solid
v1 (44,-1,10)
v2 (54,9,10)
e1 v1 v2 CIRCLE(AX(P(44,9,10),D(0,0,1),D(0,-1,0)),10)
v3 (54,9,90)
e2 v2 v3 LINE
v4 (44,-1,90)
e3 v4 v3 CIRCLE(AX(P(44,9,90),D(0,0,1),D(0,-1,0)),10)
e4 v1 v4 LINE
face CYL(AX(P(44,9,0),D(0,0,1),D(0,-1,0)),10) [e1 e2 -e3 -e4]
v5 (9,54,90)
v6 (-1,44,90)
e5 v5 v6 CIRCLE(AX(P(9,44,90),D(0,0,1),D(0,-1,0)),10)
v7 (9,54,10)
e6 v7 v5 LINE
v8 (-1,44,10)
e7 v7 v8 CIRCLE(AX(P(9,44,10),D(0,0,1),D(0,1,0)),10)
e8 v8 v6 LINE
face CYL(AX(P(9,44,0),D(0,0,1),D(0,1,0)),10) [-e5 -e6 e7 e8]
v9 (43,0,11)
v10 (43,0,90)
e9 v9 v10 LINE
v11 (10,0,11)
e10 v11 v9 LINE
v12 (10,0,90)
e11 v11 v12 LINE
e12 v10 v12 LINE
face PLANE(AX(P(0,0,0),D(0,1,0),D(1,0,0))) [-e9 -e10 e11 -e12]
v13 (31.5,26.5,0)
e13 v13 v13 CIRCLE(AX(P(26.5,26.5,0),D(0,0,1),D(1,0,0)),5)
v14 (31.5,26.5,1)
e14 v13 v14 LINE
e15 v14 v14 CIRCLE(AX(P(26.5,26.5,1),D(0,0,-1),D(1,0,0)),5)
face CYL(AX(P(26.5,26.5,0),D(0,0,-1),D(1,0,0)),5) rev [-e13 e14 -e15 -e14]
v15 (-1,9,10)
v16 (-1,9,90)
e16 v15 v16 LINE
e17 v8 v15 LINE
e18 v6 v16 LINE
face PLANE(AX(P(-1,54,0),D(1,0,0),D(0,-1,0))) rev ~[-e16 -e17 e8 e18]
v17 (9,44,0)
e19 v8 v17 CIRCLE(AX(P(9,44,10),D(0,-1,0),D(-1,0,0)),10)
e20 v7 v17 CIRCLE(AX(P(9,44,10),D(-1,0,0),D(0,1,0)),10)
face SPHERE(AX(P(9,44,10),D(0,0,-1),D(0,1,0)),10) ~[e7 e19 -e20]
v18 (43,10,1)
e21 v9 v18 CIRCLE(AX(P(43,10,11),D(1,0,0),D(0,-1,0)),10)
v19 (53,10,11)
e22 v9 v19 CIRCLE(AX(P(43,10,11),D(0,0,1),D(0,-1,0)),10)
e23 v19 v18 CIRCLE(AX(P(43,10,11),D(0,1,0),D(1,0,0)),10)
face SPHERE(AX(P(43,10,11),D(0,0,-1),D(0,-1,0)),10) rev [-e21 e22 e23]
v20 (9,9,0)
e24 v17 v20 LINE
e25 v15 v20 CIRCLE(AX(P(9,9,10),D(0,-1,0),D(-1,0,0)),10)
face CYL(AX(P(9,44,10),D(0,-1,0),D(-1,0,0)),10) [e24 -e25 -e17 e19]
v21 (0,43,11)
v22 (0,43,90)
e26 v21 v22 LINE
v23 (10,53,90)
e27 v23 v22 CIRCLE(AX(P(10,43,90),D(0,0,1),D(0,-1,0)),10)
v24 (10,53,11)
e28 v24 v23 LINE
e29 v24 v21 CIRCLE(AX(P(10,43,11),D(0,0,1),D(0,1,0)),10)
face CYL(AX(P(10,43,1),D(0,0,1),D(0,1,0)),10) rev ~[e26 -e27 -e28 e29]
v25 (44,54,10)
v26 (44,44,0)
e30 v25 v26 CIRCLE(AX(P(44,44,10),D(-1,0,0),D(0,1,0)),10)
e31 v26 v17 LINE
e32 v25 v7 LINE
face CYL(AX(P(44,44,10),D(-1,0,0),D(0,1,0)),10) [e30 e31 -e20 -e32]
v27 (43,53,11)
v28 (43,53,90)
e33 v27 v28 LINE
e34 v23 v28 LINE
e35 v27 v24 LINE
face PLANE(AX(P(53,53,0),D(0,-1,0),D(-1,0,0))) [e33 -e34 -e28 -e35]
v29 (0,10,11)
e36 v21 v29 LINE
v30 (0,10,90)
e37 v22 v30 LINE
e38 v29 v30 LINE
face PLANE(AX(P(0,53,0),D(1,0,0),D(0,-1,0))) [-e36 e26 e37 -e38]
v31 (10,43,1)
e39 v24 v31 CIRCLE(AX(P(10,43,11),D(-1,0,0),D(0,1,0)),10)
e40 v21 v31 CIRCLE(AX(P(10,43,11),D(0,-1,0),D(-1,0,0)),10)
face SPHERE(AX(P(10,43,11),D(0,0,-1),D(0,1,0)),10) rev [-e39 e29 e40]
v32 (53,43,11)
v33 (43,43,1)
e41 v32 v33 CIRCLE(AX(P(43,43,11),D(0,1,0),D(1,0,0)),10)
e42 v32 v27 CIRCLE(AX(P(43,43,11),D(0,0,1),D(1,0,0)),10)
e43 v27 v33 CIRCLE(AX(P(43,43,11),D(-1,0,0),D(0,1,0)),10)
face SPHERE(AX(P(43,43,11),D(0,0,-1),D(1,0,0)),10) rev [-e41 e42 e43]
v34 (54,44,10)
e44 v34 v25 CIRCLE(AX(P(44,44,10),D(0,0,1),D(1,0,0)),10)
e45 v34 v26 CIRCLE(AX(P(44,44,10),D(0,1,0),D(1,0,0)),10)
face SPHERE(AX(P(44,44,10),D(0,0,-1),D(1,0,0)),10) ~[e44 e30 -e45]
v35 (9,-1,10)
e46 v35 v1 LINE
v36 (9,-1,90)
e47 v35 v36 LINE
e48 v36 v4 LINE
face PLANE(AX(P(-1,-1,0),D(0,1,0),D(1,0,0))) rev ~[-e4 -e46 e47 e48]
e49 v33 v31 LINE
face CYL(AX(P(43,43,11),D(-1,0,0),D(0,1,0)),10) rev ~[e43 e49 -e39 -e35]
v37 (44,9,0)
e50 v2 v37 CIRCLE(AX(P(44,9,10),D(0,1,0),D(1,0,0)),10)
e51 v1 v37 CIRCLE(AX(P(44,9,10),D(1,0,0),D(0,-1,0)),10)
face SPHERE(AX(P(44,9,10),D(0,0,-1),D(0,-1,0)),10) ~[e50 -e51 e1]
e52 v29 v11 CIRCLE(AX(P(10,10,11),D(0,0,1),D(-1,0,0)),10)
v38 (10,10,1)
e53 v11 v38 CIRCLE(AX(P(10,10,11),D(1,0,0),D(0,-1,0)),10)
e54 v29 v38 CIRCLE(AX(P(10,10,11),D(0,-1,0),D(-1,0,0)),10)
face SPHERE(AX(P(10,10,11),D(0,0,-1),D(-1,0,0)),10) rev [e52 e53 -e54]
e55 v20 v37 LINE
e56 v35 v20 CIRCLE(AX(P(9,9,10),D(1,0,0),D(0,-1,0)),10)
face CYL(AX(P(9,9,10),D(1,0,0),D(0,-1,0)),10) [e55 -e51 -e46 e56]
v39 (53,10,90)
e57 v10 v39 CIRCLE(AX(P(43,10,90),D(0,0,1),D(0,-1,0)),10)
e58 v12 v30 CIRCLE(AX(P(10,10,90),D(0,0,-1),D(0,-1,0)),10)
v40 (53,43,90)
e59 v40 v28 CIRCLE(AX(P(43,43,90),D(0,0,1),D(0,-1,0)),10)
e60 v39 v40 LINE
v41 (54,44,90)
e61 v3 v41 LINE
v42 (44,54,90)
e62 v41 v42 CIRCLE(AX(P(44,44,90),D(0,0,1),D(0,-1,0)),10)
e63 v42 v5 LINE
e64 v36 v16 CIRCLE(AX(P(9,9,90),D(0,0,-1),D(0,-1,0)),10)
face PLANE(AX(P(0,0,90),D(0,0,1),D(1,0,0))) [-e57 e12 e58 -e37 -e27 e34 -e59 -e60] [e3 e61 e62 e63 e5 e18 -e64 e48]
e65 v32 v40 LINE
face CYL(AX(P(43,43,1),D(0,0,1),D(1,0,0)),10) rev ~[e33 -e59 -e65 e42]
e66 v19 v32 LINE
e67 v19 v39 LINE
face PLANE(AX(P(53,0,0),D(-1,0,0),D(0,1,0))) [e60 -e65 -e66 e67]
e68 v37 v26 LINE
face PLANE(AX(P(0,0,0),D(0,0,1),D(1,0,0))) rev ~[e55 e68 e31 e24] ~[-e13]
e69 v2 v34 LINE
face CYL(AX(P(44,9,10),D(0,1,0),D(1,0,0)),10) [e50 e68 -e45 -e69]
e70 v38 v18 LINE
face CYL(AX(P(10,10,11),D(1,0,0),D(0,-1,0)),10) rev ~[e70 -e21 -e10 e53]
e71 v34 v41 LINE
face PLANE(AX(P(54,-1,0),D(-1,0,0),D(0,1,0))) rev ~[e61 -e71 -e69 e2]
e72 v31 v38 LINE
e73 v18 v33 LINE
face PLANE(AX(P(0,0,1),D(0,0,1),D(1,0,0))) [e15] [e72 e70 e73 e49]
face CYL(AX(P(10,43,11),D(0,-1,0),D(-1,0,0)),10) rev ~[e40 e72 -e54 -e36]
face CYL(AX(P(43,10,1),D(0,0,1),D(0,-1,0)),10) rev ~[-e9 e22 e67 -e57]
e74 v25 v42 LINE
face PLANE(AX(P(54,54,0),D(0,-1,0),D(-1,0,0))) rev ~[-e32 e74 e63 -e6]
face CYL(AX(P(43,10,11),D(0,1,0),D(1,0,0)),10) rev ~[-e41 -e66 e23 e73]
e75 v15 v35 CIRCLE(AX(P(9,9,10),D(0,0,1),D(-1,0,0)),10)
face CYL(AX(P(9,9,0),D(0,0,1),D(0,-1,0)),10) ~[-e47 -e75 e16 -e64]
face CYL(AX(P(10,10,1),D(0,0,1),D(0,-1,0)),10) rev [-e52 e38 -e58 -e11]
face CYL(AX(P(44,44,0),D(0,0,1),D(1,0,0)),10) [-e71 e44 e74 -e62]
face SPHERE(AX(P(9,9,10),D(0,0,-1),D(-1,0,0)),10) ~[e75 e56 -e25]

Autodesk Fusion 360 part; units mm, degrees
sketch "Esquisse1" plane through (0, 0, 0) normal (0, 0, 1) x (1, 0, 0)
  line L0 (0, 0) -> (53, 0)
  line L1 (53, 0) -> (53, 53)
  line L2 (53, 53) -> (0, 53)
  line L3 (0, 53) -> (0, 0)
  line L4 (54, -1) -> (54, 54)
  line L5 (54, 54) -> (-1, 54)
  line L6 (-1, 54) -> (-1, -1)
  line L7 (-1, -1) -> (54, -1)
  line L8 (26.5, 53) -> (26.5, 0)
  circle A0 centre (26.5, 26.5) radius 5
  dimension "d4" = 53
  dimension "d5" = 53
  dimension "d6" = 1
  dimension "d20" = 10
extrude "Extrusion1" add sketch "Esquisse1" along normal blind 90
extrude "Extrusion2" add sketch "Esquisse1" along normal blind 1 contours L0 L2 L3 L8 A0 | L0 L1 L2 L8 A0 | L8 A0 | L8 A0
fillet "Congé1" radius 10 4 edges at (0, 53, 45.5) (53, 53, 45.5) (53, 0, 45.5) (0, 0, 45.5)
fillet "Congé2" radius 10 8 edges at (50.0711, 50.0711, 1) (53, 26.5, 1) (50.0711, 2.9289, 1) (26.5, 0, 1) (2.9289, 2.9289, 1) (0, 26.5, 1) (2.9289, 50.0711, 1) (26.5, 53, 1)
fillet "Congé3" radius 10 4 edges at (-1, 54, 45) (54, 54, 45) (54, -1, 45) (-1, -1, 45)
fillet "Congé4" radius 10 8 edges at (54, 26.5, 0) (51.0711, 51.0711, 0) (26.5, 54, 0) (1.9289, 51.0711, 0) (-1, 26.5, 0) (1.9289, 1.9289, 0) (26.5, -1, 0) (51.0711, 1.9289, 0)
extrude "Extrusion3" cut sketch "Esquisse1" along normal blind 1 contours L8 A0 | L8 A0
equation "base_largeur = 53 mm"
equation "epaisseur = 1 mm"
equation "hauteur = 90 mm"
equation "d4 = base_largeur"
equation "d5 = base_largeur"
equation "d6 = epaisseur"
equation "d7 = hauteur"
equation "d9 = epaisseur"
equation "angle_int = 10 mm"
equation "d13 = angle_int"
equation "d15 = angle_int"
equation "d17 = angle_int"
equation "d19 = angle_int"
equation "d21 = epaisseur"
